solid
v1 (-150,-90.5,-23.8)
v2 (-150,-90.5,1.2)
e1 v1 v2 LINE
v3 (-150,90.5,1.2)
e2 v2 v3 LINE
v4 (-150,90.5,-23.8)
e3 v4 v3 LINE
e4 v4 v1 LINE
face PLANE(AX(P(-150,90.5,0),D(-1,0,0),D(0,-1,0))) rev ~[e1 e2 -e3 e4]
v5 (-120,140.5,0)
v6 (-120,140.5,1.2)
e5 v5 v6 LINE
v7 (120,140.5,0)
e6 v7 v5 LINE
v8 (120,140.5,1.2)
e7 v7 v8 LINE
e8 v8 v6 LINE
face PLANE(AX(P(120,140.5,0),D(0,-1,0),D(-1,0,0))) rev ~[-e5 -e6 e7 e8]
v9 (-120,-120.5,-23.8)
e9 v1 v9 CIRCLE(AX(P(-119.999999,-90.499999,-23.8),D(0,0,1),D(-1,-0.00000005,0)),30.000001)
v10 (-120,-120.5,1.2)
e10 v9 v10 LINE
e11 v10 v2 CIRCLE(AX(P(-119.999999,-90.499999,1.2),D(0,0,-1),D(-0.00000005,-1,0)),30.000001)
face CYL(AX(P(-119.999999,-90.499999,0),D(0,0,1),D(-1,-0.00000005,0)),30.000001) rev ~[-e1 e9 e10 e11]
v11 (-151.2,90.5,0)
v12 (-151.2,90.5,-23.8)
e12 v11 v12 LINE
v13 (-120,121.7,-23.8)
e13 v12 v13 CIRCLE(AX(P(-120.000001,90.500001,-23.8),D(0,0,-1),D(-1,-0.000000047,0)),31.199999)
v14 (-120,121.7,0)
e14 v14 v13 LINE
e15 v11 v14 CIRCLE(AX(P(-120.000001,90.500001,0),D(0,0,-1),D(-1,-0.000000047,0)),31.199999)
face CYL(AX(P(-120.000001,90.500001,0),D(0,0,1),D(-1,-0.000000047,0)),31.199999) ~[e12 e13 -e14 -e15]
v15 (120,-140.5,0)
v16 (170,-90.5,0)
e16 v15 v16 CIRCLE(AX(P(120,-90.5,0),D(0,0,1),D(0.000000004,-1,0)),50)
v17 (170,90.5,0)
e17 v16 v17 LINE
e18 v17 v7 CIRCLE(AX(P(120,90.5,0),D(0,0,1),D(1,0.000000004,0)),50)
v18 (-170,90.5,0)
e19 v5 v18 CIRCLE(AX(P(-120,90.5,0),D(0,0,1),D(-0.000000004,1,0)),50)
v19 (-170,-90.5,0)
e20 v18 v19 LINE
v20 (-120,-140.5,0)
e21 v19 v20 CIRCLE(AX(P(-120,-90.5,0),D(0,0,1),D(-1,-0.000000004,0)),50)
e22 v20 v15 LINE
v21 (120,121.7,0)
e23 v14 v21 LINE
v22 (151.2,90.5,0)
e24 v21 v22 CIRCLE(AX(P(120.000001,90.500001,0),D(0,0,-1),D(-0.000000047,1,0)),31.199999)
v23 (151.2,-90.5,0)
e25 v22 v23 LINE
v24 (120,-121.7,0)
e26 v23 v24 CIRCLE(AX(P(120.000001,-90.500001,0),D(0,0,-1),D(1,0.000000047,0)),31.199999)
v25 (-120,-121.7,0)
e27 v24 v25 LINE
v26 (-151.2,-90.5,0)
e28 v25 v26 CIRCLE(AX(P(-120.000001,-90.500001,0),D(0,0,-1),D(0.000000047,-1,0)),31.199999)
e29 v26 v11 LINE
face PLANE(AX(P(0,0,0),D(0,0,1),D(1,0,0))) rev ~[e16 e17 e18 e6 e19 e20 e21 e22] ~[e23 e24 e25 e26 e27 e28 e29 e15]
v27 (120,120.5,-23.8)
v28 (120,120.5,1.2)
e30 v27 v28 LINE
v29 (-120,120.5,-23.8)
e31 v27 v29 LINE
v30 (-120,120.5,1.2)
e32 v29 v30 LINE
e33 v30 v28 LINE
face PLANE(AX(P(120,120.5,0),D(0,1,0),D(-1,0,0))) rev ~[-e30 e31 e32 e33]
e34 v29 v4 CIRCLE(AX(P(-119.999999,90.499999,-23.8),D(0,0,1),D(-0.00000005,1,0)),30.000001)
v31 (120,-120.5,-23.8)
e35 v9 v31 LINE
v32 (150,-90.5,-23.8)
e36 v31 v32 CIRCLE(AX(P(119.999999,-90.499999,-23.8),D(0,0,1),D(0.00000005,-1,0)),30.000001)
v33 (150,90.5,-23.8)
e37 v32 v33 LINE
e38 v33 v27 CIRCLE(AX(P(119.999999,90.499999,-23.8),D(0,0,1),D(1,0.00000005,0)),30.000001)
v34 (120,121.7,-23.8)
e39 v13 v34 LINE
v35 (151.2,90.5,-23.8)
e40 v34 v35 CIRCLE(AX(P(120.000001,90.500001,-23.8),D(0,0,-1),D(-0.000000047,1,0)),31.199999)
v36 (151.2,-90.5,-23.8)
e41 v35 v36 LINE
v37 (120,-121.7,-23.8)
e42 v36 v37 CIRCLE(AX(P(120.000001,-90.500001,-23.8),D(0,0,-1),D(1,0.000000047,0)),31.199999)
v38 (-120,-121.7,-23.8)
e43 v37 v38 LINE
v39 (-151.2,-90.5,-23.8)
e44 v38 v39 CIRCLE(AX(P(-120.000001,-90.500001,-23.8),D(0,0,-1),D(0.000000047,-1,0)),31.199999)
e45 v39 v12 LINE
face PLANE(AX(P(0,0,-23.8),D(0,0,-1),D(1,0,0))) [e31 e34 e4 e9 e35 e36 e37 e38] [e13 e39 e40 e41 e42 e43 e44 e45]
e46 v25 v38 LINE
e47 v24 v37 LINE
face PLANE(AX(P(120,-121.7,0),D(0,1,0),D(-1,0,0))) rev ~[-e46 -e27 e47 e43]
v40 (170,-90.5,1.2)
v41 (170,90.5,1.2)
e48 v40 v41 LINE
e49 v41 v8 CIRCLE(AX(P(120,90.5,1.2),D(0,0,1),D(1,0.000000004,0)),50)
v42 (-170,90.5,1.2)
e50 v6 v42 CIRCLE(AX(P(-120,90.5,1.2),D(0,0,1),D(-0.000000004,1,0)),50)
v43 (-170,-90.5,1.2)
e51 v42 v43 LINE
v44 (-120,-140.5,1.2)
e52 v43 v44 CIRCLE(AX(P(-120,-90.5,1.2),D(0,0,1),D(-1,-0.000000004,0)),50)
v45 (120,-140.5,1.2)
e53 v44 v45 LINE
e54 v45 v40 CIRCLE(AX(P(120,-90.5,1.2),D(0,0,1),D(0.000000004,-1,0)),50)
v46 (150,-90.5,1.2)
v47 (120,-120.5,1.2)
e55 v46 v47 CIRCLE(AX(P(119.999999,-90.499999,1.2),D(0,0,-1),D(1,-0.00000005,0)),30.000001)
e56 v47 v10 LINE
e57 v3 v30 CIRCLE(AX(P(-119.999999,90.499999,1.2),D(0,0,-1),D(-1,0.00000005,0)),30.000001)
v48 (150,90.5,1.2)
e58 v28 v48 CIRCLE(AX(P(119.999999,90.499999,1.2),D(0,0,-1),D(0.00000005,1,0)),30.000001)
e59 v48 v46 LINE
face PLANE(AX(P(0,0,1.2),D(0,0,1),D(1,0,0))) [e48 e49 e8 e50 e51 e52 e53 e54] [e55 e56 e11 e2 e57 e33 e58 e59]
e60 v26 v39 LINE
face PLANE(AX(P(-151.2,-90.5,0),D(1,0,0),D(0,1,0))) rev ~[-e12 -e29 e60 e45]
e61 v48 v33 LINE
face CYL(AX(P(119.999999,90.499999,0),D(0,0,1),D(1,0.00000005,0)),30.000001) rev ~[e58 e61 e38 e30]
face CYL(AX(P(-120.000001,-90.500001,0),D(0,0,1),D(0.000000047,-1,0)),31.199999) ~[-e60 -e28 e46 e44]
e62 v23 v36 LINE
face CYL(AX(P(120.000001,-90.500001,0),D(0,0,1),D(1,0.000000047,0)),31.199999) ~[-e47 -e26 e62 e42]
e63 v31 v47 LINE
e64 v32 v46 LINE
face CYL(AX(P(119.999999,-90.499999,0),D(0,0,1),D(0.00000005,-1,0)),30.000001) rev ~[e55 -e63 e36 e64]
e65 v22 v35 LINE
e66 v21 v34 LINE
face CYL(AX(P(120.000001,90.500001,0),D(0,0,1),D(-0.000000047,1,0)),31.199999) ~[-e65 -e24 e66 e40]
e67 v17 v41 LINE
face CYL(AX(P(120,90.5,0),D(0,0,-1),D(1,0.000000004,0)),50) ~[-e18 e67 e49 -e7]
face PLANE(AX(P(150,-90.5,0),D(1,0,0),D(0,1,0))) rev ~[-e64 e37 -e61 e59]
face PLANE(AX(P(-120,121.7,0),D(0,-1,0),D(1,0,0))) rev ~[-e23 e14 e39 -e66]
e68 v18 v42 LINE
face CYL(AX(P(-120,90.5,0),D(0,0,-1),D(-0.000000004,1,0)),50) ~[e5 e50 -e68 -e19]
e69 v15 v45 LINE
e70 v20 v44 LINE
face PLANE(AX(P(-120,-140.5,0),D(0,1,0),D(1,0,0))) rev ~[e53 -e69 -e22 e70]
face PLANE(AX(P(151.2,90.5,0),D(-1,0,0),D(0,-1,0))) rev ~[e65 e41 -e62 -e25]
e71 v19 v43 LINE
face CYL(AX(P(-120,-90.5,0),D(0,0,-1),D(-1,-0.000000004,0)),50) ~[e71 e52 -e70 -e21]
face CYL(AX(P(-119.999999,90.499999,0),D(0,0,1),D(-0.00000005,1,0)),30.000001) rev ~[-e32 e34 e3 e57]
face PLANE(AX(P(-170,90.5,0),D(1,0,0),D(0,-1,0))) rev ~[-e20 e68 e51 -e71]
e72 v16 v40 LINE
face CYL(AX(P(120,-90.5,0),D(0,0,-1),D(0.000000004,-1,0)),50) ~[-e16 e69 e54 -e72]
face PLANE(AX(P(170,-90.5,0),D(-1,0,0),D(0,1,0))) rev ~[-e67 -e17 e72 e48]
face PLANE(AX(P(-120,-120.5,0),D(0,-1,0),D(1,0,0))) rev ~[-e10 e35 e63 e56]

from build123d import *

# Parameters (mm, degrees)
F1_DEPTH = 1.2
F3_DEPTH = 23.8


with BuildPart() as f1:
    # F0 (on Top) → F1 (new body)
    with BuildSketch(Plane.XY):
        with BuildLine():
            ThreePointArc((170, 90.5), (155.355339, 125.855339), (120, 140.5))
            Line((120, 140.5), (-120, 140.5))
            ThreePointArc((-120, 140.5), (-155.355339, 125.855339), (-170, 90.5))
            Line((-170, 90.5), (-170, -90.5))
            ThreePointArc((-170, -90.5), (-155.355339, -125.855339), (-120, -140.5))
            Line((-120, -140.5), (120, -140.5))
            ThreePointArc((120, -140.5), (155.355339, -125.855339), (170, -90.5))
            Line((170, -90.5), (170, 90.5))
        make_face()
        with BuildLine():
            ThreePointArc((120, 120.5), (141.213203, 111.713203), (150, 90.5))
            Line((150, 90.5), (150, -90.5))
            ThreePointArc((150, -90.5), (141.213203, -111.713203), (120, -120.5))
            Line((120, -120.5), (-120, -120.5))
            ThreePointArc((-120, -120.5), (-141.213203, -111.713203), (-150, -90.5))
            Line((-150, -90.5), (-150, 90.5))
            ThreePointArc((-150, 90.5), (-141.213203, 111.713203), (-120, 120.5))
            Line((-120, 120.5), (120, 120.5))
        make_face(mode=Mode.SUBTRACT)
    extrude(amount=F1_DEPTH)

    # F2 (on face) → F3 (join)
    with BuildSketch(Plane(origin=(0, 0, 0), x_dir=(1, 0, 0), z_dir=(0, 0, -1))):
        with BuildLine():
            ThreePointArc((120, -121.7), (142.061732, -112.561732), (151.2, -90.5))
            Line((151.2, -90.5), (151.2, 90.5))
            ThreePointArc((151.2, 90.5), (142.061732, 112.561732), (120, 121.7))
            Line((120, 121.7), (-120, 121.7))
            ThreePointArc((-120, 121.7), (-142.061732, 112.561732), (-151.2, 90.5))
            Line((-151.2, 90.5), (-151.2, -90.5))
            ThreePointArc((-151.2, -90.5), (-142.061732, -112.561732), (-120, -121.7))
            Line((-120, -121.7), (120, -121.7))
        make_face()
        with BuildLine():
            ThreePointArc((150, -90.5), (141.213203, -111.713203), (120, -120.5))
            Line((120, -120.5), (-120, -120.5))
            ThreePointArc((-120, -120.5), (-141.213203, -111.713203), (-150, -90.5))
            Line((-150, -90.5), (-150, 90.5))
            ThreePointArc((-150, 90.5), (-141.213203, 111.713203), (-120, 120.5))
            Line((-120, 120.5), (120, 120.5))
            ThreePointArc((120, 120.5), (141.213203, 111.713203), (150, 90.5))
            Line((150, 90.5), (150, -90.5))
        make_face(mode=Mode.SUBTRACT)
    extrude(amount=F3_DEPTH)


solid = f1.part
